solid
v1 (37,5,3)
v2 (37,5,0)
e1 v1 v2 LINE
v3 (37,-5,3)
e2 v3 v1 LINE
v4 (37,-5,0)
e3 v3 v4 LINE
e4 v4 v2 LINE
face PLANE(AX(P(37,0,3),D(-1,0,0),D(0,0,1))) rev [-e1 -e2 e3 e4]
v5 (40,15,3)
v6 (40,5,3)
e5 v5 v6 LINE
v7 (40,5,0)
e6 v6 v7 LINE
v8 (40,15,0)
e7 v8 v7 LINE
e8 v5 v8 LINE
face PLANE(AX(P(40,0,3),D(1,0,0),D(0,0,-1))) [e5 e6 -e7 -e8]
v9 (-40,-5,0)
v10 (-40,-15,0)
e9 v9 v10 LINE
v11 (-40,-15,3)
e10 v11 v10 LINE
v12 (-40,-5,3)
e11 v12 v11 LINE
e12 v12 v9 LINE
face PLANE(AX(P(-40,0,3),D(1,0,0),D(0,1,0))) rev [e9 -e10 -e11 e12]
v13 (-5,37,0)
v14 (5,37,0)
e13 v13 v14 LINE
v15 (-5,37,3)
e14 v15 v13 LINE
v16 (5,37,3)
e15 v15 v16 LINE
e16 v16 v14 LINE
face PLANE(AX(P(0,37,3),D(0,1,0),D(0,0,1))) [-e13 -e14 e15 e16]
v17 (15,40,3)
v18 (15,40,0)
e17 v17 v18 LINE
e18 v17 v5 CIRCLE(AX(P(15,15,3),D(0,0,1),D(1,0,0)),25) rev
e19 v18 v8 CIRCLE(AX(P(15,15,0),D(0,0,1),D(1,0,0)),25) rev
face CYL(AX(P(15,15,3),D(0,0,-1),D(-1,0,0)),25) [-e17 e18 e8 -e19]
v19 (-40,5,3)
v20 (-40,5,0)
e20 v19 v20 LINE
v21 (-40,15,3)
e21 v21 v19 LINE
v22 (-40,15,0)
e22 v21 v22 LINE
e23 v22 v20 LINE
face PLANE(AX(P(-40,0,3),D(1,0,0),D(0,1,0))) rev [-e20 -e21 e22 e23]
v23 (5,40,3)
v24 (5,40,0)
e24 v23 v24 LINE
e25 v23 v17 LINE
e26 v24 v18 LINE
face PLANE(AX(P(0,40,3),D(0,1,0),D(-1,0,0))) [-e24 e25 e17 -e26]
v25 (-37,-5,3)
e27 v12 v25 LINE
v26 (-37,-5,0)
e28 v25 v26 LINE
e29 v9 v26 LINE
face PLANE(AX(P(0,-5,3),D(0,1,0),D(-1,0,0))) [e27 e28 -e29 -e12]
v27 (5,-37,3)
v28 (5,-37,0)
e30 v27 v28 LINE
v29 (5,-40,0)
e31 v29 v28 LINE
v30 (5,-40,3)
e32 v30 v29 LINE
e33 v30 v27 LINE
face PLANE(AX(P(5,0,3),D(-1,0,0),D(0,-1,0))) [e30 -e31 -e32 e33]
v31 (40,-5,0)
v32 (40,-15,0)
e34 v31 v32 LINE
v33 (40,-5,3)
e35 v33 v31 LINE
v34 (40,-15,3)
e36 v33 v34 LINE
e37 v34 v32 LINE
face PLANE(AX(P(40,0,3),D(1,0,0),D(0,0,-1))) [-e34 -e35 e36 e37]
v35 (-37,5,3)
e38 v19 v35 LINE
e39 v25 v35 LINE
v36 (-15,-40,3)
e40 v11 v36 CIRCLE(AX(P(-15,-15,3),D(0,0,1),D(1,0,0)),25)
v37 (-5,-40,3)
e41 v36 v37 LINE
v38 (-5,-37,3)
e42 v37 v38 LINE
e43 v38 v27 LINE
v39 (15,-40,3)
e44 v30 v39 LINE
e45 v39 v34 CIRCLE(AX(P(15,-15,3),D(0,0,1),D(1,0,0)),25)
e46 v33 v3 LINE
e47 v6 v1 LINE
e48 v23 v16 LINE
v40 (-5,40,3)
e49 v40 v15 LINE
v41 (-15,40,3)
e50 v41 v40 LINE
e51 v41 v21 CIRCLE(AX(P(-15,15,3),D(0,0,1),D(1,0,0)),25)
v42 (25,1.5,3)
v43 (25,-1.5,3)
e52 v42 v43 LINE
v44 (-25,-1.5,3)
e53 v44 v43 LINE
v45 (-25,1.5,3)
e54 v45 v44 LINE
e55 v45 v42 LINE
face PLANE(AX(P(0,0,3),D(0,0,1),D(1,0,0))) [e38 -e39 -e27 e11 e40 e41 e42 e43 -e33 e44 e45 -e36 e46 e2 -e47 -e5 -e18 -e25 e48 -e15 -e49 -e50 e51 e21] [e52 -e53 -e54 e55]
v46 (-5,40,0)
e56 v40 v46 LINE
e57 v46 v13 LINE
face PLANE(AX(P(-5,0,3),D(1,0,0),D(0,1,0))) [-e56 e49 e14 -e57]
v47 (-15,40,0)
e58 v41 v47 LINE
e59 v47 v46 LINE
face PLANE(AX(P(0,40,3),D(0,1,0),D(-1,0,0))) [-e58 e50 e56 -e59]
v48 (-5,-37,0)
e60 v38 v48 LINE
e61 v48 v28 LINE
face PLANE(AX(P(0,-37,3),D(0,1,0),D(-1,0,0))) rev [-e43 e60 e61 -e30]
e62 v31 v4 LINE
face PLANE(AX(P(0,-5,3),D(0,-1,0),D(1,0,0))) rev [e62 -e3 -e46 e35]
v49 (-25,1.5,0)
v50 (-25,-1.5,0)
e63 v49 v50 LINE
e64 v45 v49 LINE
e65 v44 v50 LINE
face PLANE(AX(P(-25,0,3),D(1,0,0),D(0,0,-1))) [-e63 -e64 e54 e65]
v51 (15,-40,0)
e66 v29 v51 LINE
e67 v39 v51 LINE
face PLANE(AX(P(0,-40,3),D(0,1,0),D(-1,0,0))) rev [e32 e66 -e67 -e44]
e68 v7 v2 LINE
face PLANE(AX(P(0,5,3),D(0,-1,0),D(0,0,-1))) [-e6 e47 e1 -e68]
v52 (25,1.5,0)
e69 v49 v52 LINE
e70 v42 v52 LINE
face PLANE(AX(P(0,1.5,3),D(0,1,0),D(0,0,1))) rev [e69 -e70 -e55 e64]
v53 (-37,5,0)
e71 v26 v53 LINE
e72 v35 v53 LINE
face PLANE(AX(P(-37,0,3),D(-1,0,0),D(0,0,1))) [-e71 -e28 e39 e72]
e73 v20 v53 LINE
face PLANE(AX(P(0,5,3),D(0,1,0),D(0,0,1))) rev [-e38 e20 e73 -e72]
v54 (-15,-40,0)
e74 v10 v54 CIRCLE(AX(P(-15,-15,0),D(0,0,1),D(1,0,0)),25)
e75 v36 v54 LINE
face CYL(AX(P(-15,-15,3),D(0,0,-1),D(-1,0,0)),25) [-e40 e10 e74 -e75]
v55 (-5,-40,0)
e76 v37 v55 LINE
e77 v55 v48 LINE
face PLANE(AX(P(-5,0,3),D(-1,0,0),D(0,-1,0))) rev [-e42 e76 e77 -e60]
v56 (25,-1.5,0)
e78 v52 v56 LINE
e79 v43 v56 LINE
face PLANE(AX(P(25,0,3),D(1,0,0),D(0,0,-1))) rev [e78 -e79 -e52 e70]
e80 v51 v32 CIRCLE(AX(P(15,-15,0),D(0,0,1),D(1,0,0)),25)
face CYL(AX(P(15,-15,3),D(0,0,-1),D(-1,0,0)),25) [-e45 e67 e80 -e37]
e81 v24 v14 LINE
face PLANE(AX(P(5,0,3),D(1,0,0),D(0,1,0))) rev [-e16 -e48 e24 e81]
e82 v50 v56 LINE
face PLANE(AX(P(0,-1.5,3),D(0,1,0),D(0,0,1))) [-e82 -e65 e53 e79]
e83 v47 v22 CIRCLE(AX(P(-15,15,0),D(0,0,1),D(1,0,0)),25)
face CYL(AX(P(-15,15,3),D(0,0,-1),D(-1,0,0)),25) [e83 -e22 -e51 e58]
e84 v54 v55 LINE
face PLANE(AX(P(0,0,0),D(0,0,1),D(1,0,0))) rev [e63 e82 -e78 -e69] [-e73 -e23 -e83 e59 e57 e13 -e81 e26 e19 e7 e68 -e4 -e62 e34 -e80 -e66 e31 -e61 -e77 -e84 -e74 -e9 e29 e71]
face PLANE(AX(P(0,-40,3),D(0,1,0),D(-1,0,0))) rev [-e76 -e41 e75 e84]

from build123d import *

# Parameters (mm, degrees)
SKETCH_1_W      = 50
SKETCH_1_H      = 3
EXTRUDE_1_DEPTH = 3


with BuildPart() as part:
    # 草圖1 → 填料-伸長1 (new body)
    with BuildSketch(Plane.XY):
        with BuildLine():
            Line((-5, 40), (-15, 40))
            ThreePointArc((-15, 40), (-32.67766953, 32.67766953), (-40, 15))
            Line((-40, 15), (-40, 5))
            Line((-40, 5), (-37, 5))
            Line((-37, 5), (-37, -5))
            Line((-37, -5), (-40, -5))
            Line((-40, -5), (-40, -15))
            ThreePointArc((-40, -15), (-32.67766953, -32.67766953), (-15, -40))
            Line((-15, -40), (-5, -40))
            Line((-5, -40), (-5, -37))
            Line((-5, -37), (5, -37))
            Line((5, -37), (5, -40))
            Line((5, -40), (15, -40))
            ThreePointArc((15, -40), (32.67766953, -32.67766953), (40, -15))
            Line((40, -15), (40, -5))
            Line((40, -5), (37, -5))
            Line((37, -5), (37, 5))
            Line((37, 5), (40, 5))
            Line((40, 5), (40, 15))
            ThreePointArc((40, 15), (32.67766953, 32.67766953), (15, 40))
            Line((15, 40), (5, 40))
            Line((5, 40), (5, 37))
            Line((5, 37), (-5, 37))
            Line((-5, 37), (-5, 40))
        make_face()
        Rectangle(SKETCH_1_W, SKETCH_1_H, mode=Mode.SUBTRACT)
    extrude(amount=EXTRUDE_1_DEPTH)


solid = part.part
